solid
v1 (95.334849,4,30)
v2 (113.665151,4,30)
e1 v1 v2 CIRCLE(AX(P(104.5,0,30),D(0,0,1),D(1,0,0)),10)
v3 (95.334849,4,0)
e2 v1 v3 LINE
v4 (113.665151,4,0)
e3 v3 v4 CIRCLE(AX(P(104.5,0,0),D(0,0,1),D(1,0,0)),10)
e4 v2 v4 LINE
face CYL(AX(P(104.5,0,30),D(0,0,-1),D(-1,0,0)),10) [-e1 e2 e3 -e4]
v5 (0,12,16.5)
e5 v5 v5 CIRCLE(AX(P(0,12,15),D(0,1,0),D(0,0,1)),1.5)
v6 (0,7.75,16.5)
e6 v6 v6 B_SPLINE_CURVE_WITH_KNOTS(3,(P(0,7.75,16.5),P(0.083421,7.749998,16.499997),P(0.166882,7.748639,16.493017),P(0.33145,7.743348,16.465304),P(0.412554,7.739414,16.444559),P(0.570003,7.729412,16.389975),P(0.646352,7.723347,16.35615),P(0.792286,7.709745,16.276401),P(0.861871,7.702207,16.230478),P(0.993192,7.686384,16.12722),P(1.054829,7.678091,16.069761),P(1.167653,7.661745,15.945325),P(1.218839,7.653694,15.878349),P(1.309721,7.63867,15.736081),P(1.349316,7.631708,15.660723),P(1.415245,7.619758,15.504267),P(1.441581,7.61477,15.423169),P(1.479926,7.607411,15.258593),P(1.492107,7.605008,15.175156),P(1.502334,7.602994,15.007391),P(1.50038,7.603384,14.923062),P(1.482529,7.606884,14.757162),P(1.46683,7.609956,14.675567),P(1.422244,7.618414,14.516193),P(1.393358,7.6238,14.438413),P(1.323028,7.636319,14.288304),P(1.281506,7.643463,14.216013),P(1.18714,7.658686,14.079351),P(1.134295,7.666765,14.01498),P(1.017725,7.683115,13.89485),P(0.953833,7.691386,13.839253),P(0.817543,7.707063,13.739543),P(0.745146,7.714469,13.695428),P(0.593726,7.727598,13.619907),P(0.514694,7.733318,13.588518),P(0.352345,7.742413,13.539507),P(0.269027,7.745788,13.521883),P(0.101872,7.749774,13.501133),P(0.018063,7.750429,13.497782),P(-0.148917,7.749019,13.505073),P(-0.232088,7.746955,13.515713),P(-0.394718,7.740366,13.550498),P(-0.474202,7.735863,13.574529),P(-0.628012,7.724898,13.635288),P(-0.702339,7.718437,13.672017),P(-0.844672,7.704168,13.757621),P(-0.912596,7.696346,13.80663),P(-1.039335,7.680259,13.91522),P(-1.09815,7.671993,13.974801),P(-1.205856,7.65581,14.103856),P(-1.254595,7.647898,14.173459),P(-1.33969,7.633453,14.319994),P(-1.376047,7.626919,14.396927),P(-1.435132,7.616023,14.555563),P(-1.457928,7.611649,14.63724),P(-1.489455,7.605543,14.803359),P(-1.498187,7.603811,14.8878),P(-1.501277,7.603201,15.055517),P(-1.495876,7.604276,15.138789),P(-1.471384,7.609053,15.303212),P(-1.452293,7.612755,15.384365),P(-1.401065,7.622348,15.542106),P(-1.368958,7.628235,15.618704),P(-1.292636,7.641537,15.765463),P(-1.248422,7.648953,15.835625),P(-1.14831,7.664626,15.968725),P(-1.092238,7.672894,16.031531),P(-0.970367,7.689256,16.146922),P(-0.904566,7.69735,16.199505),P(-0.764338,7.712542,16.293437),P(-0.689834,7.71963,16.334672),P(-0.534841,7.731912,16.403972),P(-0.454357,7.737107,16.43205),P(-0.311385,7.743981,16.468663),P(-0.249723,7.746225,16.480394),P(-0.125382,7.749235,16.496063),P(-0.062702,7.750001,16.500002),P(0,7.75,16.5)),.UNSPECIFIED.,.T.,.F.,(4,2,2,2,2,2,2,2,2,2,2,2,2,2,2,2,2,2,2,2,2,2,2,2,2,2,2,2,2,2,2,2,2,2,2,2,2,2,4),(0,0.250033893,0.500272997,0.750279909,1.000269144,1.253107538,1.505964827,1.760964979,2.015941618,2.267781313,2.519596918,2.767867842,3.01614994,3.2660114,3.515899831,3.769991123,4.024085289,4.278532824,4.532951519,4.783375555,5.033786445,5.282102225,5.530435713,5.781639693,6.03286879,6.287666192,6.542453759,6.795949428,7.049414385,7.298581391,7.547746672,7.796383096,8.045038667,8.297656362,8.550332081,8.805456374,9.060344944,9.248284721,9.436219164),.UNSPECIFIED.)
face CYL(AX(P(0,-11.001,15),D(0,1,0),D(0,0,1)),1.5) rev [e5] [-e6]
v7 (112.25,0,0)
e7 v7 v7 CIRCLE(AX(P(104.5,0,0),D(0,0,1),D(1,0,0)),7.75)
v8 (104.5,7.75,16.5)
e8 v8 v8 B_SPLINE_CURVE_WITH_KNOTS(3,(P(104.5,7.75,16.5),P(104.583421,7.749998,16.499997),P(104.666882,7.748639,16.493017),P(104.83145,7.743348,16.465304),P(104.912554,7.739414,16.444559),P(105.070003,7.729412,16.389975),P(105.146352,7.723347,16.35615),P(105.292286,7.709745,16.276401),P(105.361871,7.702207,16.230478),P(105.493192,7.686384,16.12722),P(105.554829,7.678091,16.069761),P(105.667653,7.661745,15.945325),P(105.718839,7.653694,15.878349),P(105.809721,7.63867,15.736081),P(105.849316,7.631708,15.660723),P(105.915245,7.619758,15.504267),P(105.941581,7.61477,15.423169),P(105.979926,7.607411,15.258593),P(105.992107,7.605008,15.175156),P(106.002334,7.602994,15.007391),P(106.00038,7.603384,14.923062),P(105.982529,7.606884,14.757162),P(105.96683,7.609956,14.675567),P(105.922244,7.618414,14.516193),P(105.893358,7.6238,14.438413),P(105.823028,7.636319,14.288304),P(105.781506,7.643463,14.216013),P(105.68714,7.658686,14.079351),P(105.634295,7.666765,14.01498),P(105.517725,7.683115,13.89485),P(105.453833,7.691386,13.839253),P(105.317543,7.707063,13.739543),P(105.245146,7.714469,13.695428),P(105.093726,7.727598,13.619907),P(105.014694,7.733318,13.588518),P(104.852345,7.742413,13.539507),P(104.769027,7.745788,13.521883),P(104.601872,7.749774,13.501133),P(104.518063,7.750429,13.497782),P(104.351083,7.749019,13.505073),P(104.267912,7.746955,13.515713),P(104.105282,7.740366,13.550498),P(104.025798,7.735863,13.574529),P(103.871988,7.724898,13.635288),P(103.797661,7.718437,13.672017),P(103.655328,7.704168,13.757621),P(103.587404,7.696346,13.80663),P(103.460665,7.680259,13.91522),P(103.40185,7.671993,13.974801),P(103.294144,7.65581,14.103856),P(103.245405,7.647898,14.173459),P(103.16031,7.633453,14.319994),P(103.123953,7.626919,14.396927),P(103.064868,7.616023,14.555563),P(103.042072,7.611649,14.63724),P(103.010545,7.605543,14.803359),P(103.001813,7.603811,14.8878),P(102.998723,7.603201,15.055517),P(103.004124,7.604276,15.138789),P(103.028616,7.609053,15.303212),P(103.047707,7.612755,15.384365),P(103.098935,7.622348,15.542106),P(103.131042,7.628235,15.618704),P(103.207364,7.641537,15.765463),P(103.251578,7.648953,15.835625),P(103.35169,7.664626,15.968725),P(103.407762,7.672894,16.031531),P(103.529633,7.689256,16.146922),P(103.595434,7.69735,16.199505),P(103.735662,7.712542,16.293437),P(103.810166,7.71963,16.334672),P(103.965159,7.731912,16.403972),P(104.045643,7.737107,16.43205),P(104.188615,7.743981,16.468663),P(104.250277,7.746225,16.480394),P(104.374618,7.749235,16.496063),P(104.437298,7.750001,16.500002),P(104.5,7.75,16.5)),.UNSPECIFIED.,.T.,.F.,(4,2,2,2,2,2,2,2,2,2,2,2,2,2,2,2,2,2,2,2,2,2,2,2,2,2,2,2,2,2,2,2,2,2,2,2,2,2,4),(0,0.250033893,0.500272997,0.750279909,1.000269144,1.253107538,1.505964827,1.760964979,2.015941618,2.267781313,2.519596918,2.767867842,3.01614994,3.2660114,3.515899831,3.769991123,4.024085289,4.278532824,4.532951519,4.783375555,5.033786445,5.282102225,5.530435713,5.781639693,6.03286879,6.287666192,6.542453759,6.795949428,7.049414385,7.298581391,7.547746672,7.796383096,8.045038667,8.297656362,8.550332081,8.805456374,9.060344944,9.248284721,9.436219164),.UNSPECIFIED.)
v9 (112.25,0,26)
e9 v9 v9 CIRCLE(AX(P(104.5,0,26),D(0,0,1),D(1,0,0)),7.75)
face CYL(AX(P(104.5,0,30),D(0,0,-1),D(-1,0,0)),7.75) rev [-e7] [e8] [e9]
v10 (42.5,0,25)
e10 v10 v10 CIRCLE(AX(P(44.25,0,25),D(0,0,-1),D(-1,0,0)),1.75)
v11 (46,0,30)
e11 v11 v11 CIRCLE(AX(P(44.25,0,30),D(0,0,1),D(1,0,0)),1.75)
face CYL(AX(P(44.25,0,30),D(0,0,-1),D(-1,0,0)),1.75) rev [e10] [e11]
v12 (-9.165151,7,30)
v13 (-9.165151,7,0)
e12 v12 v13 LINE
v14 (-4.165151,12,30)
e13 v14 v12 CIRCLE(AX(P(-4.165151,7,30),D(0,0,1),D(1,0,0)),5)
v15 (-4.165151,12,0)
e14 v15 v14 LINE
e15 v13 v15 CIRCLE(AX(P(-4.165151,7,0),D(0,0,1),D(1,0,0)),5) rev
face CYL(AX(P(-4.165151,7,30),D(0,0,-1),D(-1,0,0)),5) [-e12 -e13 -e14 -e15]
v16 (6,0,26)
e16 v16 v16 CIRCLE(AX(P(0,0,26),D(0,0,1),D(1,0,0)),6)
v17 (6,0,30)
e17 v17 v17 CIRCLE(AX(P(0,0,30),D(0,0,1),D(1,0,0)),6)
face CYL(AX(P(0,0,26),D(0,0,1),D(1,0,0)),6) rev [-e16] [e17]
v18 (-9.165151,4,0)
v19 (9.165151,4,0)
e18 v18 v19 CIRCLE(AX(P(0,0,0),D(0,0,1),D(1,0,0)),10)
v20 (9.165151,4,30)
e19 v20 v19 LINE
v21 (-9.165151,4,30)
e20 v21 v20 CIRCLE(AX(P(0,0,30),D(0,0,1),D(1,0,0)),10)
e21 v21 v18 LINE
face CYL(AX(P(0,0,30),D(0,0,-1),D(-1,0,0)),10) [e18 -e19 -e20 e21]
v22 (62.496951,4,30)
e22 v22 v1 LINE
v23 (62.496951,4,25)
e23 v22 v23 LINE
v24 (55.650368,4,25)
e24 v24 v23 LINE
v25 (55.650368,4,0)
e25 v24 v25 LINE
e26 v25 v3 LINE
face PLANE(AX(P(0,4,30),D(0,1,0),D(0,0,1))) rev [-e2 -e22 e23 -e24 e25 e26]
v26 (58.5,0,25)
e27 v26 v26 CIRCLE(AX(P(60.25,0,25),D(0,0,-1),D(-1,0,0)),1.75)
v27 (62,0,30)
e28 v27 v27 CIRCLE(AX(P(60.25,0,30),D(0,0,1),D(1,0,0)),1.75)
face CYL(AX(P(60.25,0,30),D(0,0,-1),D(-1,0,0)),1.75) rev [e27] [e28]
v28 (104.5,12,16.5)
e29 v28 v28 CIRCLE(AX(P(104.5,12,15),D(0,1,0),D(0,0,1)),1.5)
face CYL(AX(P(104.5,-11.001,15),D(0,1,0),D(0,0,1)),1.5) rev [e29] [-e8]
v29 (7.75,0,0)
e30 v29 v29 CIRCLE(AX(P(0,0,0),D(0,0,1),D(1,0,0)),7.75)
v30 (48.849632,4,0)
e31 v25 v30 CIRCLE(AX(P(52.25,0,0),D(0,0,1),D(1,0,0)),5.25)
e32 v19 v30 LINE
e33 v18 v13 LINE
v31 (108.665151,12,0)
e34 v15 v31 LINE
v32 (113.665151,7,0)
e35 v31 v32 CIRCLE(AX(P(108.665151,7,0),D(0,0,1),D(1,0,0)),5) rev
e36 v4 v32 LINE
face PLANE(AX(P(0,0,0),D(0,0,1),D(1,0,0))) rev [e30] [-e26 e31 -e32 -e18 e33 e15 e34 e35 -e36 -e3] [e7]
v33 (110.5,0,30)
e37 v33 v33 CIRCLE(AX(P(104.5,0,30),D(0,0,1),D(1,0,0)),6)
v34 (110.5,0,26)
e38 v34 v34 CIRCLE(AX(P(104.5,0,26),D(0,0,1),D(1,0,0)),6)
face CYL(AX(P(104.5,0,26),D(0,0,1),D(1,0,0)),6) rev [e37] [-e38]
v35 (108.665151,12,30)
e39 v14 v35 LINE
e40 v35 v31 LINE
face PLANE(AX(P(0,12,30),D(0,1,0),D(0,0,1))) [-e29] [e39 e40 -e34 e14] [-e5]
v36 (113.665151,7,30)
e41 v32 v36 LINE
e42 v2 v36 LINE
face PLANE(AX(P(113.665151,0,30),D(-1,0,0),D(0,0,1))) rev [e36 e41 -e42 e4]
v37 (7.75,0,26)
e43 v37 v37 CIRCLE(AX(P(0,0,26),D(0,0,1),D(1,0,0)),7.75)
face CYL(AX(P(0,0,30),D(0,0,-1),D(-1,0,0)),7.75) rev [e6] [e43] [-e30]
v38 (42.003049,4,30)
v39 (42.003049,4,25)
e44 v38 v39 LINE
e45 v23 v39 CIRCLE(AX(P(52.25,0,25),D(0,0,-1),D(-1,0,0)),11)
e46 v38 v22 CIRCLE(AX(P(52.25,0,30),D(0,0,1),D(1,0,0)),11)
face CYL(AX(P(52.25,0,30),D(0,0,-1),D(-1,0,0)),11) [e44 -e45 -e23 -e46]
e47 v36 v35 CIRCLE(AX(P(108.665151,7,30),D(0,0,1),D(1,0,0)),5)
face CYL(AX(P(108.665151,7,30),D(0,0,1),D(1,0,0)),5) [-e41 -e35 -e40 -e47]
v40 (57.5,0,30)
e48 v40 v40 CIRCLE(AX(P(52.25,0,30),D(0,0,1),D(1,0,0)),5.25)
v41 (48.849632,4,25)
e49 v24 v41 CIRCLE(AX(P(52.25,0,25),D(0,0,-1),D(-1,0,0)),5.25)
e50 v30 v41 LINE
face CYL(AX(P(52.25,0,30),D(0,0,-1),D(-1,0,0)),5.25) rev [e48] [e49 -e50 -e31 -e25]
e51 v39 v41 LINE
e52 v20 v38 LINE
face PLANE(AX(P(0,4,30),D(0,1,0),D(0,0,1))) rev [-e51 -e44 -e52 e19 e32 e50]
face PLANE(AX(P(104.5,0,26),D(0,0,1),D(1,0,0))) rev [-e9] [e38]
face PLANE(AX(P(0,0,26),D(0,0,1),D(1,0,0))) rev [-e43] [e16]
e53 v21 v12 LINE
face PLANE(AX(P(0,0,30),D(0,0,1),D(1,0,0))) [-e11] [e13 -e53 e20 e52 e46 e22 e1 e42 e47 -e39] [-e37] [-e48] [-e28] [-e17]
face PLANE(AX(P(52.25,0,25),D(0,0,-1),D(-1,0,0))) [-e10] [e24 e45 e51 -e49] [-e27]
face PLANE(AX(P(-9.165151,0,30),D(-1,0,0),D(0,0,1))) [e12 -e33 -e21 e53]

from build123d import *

# Parameters (mm, degrees)
SKETCH1_R           = 5.25
SKETCH1_R_2         = 7.75
SKETCH1_R_3         = 1.75
BOSS_EXTRUDE2_DEPTH = 30
FILLET5_R           = 5
BOSS_EXTRUDE3_START = -4
SKETCH2_R           = 7.75
SKETCH2_R_2         = 6
BOSS_EXTRUDE3_DEPTH = 4
CUT_EXTRUDE1_REACH  = 122.579
SKETCH3_R           = 1.5
CUT_EXTRUDE3_DEPTH  = 25


with BuildPart() as part:
    # Sketch1 → Boss-Extrude2 (new body)
    with BuildSketch(Plane.XY):
        with BuildLine():
            ThreePointArc((-9.16515139, 4), (0, -10), (9.16515139, 4))
            Line((9.16515139, 4), (42.003049234, 4))
            ThreePointArc((42.003049234, 4), (52.25, -11), (62.496950766, 4))
            Line((62.496950766, 4), (95.33484861, 4))
            ThreePointArc((95.33484861, 4), (104.5, -10), (113.66515139, 4))
            Line((113.66515139, 4), (113.66515139, 12))
            Line((113.66515139, 12), (-9.16515139, 12))
            Line((-9.16515139, 12), (-9.16515139, 4))
        make_face()
        with Locations((52.25, 0)):
            Circle(SKETCH1_R, mode=Mode.SUBTRACT)
        Circle(SKETCH1_R_2, mode=Mode.SUBTRACT)
        with Locations((60.25, 0)):
            Circle(SKETCH1_R_3, mode=Mode.SUBTRACT)
        with Locations((44.25, 0)):
            Circle(SKETCH1_R_3, mode=Mode.SUBTRACT)
        with Locations((104.5, 0)):
            Circle(SKETCH1_R_2, mode=Mode.SUBTRACT)
    extrude(amount=BOSS_EXTRUDE2_DEPTH)

    # Fillet5
    fillet5_edges = [part.edges().sort_by_distance(p)[0] for p in [
        (-9.16515139, 12, 15),
        (113.66515139, 12, 15),
    ]]
    fillet(fillet5_edges, radius=FILLET5_R)

    # Sketch2 → Boss-Extrude3 (add)
    # profile 1 of 2: a face of its own
    with BuildSketch(Plane.XY.offset(30).offset(BOSS_EXTRUDE3_START)):
        Circle(SKETCH2_R)
        Circle(SKETCH2_R_2, mode=Mode.SUBTRACT)
    # profile 2 of 2: a face of its own
    with BuildSketch(Plane.XY.offset(30).offset(BOSS_EXTRUDE3_START)):
        with Locations((104.5, 0)):
            Circle(SKETCH2_R)
        with Locations((104.5, 0)):
            Circle(SKETCH2_R_2, mode=Mode.SUBTRACT)
    extrude(amount=BOSS_EXTRUDE3_DEPTH)

    # Sketch3 → Cut-Extrude1 (cut, up to next)
    with BuildSketch(Plane(origin=(0, 12, 0), x_dir=(1, 0, 0), z_dir=(0, 1, 0)), mode=Mode.PRIVATE) as cut_extrude1_sk1:
        with Locations(Location((0, -15, 0), (0, 0, 270))):
            Circle(SKETCH3_R)
    cut_extrude1_tool1 = extrude(cut_extrude1_sk1.sketch, amount=-CUT_EXTRUDE1_REACH, mode=Mode.PRIVATE) & part.part
    # Sketch3 → Cut-Extrude1 (cut, up to next)
    with BuildSketch(Plane(origin=(0, 12, 0), x_dir=(1, 0, 0), z_dir=(0, 1, 0)), mode=Mode.PRIVATE) as cut_extrude1_sk2:
        with Locations(Location((104.5, -15, 0), (0, 0, 270))):
            Circle(SKETCH3_R)
    cut_extrude1_tool2 = extrude(cut_extrude1_sk2.sketch, amount=-CUT_EXTRUDE1_REACH, mode=Mode.PRIVATE) & part.part
    add(cut_extrude1_tool1.solids().sort_by_distance((0, 12, 15))[0], mode=Mode.SUBTRACT)
    add(cut_extrude1_tool2.solids().sort_by_distance((104.5, 12, 15))[0], mode=Mode.SUBTRACT)

    # Sketch5 → Cut-Extrude3 (cut)
    with BuildSketch(Plane(origin=(0, 0, 0), x_dir=(-1, 0, 0), z_dir=(0, 0, -1))):
        with BuildLine():
            Line((-62.496950766, 4), (-42.003049234, 4))
            ThreePointArc((-42.003049234, 4), (-52.25, -11), (-62.496950766, 4))
        make_face()
    extrude(amount=-CUT_EXTRUDE3_DEPTH, mode=Mode.SUBTRACT)


solid = part.part
